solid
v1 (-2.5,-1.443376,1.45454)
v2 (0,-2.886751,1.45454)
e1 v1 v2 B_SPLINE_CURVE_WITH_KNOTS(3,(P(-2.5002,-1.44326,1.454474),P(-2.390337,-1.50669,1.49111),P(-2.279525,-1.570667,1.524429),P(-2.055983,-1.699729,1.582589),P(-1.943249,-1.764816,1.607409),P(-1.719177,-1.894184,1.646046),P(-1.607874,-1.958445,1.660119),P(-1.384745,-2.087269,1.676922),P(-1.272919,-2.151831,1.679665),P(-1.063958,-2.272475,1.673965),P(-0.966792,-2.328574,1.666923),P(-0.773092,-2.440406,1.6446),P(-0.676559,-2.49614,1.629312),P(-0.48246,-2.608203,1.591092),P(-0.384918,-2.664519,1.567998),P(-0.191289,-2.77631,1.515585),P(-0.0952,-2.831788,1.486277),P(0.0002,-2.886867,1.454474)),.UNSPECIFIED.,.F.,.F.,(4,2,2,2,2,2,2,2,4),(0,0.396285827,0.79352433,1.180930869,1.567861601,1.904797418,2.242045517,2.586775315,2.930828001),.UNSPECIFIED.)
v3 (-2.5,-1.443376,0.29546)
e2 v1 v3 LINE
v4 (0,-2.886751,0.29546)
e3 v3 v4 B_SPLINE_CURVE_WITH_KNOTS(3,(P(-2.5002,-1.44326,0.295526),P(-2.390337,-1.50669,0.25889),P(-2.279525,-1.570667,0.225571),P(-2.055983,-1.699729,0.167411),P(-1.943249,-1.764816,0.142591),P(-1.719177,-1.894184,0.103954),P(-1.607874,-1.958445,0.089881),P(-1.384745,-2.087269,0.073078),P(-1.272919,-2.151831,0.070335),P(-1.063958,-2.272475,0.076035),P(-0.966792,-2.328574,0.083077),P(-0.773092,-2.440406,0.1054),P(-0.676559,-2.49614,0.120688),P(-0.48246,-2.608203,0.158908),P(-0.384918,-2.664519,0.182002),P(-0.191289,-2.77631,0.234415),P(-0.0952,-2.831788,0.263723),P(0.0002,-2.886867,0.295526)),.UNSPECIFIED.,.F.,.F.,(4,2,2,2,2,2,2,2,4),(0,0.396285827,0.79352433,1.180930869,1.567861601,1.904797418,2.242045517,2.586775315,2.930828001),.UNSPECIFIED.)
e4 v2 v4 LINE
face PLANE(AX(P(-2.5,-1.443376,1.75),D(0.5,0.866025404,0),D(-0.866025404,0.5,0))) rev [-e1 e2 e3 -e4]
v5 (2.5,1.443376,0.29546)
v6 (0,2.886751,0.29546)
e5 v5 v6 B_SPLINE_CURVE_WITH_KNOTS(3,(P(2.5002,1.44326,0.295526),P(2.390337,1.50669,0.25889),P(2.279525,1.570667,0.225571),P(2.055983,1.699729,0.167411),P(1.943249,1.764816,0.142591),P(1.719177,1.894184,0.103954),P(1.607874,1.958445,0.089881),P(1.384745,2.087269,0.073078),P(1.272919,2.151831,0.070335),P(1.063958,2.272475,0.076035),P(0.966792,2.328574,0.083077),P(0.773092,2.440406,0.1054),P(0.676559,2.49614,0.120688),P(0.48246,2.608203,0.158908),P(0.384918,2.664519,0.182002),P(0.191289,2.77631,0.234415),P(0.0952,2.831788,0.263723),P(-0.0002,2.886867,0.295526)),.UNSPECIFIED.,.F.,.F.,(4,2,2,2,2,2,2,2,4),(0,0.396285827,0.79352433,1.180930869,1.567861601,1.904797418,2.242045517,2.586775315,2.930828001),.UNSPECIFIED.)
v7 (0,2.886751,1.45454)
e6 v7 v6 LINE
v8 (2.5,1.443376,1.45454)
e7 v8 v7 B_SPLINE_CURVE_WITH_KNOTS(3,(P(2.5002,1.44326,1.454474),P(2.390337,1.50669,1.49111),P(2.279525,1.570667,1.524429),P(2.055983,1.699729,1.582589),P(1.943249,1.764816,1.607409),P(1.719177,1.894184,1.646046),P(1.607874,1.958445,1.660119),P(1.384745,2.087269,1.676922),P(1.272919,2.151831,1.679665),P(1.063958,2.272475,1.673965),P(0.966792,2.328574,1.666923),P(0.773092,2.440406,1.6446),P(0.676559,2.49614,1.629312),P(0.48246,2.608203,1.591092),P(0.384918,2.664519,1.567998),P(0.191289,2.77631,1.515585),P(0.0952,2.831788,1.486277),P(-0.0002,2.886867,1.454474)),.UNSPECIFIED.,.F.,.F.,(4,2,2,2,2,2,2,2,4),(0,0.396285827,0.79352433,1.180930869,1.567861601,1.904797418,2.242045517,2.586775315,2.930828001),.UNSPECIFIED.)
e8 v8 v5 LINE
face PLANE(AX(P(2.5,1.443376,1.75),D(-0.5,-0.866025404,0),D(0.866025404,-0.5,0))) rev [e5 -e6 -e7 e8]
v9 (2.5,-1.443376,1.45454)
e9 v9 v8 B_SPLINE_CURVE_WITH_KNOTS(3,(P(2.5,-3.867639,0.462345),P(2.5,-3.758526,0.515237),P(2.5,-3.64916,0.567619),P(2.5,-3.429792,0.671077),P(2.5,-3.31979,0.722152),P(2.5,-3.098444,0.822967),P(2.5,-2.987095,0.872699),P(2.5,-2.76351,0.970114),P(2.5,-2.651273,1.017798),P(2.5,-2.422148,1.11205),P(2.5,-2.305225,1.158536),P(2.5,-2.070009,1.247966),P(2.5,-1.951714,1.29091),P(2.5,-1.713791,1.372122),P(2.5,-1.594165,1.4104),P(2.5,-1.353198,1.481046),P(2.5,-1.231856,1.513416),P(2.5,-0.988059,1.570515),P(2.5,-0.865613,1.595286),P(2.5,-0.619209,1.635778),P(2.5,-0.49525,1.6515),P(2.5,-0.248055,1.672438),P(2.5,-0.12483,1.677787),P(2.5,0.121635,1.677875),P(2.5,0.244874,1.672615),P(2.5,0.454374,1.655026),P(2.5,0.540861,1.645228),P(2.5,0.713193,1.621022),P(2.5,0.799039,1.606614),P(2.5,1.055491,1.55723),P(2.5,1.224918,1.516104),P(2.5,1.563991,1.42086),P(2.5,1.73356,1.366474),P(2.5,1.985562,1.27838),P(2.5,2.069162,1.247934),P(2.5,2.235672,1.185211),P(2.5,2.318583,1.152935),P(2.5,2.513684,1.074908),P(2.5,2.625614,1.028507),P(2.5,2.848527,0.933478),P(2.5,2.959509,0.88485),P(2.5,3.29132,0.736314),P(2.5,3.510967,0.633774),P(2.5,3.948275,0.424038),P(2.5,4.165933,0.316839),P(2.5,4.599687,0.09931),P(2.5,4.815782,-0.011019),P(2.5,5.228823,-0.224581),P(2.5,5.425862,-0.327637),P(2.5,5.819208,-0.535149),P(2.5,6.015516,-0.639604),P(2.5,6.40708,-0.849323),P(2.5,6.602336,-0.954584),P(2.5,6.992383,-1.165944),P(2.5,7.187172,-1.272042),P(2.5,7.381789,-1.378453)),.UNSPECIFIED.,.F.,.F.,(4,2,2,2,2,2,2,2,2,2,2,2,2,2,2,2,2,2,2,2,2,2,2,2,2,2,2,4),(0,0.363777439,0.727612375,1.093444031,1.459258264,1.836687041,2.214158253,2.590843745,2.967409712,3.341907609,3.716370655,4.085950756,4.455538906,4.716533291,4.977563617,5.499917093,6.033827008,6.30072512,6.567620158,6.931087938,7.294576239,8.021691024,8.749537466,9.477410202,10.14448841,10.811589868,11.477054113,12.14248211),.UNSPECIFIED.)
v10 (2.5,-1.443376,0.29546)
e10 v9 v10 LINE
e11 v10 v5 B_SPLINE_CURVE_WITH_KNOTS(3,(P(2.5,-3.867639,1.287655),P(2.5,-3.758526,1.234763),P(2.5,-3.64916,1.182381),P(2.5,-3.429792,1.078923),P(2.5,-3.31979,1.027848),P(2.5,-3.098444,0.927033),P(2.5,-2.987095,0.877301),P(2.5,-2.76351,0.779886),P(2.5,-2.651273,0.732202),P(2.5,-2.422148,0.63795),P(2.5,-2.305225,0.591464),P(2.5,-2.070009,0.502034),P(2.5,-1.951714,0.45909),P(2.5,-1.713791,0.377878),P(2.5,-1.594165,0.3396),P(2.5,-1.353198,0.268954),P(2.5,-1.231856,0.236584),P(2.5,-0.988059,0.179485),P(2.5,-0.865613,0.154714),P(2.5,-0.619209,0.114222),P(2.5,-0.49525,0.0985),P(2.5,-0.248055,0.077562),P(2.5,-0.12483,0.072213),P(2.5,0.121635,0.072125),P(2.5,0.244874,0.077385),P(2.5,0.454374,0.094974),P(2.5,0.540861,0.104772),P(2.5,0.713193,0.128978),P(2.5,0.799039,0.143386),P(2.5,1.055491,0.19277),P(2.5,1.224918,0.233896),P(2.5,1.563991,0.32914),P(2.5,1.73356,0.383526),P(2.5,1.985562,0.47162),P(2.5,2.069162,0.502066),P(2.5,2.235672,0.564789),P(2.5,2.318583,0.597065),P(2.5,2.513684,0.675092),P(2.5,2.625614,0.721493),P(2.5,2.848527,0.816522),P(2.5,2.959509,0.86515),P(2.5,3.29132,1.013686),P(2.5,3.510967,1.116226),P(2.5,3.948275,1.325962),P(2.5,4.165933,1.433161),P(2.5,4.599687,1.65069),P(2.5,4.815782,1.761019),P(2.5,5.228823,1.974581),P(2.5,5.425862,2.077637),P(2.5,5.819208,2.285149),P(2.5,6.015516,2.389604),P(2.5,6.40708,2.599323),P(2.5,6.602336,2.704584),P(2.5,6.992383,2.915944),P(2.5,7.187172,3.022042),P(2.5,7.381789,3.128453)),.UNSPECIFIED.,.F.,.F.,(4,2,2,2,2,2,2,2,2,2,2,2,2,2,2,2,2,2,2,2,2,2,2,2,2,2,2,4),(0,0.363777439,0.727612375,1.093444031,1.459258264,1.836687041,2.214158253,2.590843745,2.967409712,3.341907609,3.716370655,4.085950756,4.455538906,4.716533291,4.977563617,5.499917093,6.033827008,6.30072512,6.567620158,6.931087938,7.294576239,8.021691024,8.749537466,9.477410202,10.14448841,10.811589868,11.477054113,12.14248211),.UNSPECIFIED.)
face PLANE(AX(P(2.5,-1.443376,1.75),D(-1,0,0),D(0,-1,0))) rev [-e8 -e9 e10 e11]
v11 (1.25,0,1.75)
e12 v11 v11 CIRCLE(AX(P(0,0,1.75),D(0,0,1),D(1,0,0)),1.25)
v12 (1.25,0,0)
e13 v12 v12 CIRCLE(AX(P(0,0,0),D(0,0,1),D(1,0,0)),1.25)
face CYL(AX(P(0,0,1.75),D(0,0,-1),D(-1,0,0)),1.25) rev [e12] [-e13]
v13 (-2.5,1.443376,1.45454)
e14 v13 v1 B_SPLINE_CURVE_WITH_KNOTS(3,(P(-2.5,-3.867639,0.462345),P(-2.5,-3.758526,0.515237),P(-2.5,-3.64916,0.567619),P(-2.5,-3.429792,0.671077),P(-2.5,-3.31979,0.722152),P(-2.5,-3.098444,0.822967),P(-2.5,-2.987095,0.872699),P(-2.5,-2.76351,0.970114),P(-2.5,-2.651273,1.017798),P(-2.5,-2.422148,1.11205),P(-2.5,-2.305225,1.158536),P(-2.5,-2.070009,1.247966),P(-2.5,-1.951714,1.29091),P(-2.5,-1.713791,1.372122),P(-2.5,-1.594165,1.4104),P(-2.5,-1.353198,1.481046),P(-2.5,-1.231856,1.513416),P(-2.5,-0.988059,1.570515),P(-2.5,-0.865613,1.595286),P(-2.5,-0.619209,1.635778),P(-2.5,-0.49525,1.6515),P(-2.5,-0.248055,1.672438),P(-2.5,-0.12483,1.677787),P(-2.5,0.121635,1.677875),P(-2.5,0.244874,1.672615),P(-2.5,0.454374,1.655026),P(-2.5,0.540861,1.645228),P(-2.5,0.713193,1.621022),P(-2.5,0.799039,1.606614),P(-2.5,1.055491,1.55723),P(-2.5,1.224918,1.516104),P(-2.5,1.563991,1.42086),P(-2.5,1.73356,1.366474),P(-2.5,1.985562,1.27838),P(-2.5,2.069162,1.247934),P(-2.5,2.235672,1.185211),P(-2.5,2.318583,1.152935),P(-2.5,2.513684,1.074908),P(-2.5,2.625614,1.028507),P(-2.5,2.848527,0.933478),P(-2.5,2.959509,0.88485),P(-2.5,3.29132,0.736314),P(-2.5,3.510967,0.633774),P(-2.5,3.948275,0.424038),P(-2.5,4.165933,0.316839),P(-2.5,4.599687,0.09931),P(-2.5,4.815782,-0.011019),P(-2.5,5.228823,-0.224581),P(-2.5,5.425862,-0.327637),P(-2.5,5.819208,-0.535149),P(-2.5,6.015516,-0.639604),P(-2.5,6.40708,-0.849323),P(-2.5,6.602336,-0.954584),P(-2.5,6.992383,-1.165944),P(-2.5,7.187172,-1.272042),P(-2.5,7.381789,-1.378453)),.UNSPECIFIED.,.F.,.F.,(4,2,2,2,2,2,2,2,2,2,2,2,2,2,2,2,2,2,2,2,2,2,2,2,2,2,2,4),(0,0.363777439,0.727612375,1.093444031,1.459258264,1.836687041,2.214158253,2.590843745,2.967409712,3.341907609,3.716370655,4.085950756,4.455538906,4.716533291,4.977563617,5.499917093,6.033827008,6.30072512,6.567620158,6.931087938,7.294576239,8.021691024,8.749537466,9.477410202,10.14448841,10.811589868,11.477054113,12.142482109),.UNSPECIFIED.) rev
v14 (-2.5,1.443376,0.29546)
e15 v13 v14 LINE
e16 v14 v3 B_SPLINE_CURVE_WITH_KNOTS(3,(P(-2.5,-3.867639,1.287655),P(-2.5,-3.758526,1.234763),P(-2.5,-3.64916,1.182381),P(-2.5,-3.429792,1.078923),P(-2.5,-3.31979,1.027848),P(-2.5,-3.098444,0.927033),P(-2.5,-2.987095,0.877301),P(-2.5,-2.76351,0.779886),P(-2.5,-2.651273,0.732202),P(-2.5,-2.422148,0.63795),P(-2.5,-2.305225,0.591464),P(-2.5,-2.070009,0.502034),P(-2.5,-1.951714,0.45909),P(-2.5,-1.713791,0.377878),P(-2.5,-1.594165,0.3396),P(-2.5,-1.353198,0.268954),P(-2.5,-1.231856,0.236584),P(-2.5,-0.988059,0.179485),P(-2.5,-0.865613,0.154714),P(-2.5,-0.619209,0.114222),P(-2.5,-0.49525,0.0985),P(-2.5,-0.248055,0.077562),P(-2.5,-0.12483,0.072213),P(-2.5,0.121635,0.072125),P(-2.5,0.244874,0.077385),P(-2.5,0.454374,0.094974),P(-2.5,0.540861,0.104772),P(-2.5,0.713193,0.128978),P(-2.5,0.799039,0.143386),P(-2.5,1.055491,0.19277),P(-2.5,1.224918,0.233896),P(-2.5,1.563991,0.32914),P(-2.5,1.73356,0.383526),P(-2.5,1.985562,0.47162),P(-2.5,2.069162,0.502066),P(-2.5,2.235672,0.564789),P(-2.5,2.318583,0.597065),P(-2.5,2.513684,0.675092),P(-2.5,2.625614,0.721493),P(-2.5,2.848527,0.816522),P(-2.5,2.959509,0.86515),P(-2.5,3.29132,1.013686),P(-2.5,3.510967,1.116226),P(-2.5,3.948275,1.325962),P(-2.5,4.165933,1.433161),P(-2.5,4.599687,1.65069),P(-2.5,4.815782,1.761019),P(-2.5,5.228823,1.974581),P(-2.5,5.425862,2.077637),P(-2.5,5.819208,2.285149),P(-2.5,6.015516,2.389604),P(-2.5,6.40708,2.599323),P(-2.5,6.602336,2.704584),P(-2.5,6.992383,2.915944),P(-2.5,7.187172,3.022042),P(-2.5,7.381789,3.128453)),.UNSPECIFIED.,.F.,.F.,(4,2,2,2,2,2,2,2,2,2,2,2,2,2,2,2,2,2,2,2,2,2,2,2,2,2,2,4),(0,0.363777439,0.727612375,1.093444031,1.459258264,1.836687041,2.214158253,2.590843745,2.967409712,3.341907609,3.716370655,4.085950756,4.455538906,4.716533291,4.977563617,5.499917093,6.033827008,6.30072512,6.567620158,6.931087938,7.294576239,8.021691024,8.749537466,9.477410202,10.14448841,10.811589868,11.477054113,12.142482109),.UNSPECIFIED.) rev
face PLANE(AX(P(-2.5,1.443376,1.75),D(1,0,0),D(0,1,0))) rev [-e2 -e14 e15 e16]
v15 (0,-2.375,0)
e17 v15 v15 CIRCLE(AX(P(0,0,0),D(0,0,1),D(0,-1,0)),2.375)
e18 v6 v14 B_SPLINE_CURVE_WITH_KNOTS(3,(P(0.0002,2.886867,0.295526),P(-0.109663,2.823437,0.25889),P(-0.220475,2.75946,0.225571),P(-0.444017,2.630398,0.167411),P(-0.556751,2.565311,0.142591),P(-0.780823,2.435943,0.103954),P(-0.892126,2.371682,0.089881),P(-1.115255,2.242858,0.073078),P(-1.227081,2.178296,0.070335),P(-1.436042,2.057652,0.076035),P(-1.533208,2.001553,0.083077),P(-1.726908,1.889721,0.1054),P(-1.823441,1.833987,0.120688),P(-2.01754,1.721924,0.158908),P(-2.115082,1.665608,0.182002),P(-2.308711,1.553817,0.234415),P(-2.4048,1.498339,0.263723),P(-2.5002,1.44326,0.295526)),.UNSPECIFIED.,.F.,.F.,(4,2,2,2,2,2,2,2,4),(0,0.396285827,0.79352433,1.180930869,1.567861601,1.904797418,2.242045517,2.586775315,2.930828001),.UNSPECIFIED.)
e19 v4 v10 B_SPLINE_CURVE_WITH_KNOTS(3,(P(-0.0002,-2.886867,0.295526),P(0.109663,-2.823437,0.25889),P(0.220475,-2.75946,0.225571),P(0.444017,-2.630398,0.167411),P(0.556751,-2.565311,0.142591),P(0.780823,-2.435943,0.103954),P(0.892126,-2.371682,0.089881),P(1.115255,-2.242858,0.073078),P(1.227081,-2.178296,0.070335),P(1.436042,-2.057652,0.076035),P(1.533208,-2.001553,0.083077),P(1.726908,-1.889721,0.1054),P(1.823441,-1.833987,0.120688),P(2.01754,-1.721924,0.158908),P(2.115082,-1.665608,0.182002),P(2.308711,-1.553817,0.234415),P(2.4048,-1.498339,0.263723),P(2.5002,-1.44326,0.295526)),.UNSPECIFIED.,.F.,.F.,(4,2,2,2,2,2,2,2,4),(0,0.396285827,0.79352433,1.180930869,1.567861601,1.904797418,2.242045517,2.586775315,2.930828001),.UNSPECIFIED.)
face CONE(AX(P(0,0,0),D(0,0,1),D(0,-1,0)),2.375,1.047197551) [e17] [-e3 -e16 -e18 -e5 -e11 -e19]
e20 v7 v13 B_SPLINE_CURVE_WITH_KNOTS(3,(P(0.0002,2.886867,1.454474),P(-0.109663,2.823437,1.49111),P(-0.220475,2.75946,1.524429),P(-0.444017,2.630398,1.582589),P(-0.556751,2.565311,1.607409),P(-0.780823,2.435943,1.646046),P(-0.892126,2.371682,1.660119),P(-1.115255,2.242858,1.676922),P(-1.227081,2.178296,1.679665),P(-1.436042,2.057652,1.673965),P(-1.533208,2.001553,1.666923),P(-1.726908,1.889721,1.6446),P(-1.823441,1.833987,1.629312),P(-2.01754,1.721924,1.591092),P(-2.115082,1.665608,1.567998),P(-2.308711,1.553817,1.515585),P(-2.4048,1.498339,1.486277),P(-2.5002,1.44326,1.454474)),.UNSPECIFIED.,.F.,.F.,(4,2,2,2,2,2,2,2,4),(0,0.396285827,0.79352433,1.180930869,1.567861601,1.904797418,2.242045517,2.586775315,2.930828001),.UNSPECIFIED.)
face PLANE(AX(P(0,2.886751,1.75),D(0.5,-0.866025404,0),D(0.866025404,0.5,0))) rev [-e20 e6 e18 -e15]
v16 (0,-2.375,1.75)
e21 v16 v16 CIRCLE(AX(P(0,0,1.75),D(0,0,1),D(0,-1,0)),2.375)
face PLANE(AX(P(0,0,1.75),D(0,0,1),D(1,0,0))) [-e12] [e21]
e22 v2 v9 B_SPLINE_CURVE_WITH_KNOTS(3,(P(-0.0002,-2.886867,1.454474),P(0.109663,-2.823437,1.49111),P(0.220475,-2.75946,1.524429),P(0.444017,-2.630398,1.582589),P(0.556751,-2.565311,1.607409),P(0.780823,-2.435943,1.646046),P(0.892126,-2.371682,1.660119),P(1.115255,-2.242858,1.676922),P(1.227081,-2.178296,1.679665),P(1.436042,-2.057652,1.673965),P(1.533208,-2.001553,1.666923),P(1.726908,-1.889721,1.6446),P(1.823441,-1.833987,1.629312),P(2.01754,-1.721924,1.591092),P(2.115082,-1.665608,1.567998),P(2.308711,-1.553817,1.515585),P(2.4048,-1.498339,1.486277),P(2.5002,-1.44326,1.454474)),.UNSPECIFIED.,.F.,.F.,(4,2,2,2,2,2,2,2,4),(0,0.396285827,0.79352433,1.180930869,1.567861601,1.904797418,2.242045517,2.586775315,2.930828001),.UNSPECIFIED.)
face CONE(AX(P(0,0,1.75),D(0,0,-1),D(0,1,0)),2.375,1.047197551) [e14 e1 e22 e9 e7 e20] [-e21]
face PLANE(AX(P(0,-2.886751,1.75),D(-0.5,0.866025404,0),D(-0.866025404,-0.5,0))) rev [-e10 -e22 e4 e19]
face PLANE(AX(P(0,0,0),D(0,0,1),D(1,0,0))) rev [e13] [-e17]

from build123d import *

# Parameters (mm, degrees)
SKETCH1_R      = 1.25
EXTRUDE1_DEPTH = 1.75


with BuildPart() as part:
    # Sketch1 → Extrude1 (new body)
    with BuildSketch(Plane.XY):
        Polygon((0, 2.886751346), (-2.5, 1.443375673), (-2.5, -1.443375673), (0, -2.886751346), (2.5, -1.443375673), (2.5, 1.443375673), align=None)
        Circle(SKETCH1_R, mode=Mode.SUBTRACT)
    extrude(amount=EXTRUDE1_DEPTH)

    # Sketch2 → Cut-Revolve1 (revolve, cut)
    with BuildSketch(Plane(origin=(0, 0, 0), x_dir=(0, 0, -1), z_dir=(1, 0, 0)), mode=Mode.PRIVATE) as cut_revolve1_sk:
        Polygon((-1.75, 2.375), (-1.097923928, 3.504428886), (-1.75, 3.504428886), align=None)
        Polygon((-0.652076072, 3.504428886), (0, 2.375), (0, 3.504428886), align=None)
    revolve(cut_revolve1_sk.sketch.rotate(Axis((0, 0, 1.75), (0, 0, -1)), 180), axis=Axis((0, 0, 1.75), (0, 0, -1)), mode=Mode.SUBTRACT)


solid = part.part
